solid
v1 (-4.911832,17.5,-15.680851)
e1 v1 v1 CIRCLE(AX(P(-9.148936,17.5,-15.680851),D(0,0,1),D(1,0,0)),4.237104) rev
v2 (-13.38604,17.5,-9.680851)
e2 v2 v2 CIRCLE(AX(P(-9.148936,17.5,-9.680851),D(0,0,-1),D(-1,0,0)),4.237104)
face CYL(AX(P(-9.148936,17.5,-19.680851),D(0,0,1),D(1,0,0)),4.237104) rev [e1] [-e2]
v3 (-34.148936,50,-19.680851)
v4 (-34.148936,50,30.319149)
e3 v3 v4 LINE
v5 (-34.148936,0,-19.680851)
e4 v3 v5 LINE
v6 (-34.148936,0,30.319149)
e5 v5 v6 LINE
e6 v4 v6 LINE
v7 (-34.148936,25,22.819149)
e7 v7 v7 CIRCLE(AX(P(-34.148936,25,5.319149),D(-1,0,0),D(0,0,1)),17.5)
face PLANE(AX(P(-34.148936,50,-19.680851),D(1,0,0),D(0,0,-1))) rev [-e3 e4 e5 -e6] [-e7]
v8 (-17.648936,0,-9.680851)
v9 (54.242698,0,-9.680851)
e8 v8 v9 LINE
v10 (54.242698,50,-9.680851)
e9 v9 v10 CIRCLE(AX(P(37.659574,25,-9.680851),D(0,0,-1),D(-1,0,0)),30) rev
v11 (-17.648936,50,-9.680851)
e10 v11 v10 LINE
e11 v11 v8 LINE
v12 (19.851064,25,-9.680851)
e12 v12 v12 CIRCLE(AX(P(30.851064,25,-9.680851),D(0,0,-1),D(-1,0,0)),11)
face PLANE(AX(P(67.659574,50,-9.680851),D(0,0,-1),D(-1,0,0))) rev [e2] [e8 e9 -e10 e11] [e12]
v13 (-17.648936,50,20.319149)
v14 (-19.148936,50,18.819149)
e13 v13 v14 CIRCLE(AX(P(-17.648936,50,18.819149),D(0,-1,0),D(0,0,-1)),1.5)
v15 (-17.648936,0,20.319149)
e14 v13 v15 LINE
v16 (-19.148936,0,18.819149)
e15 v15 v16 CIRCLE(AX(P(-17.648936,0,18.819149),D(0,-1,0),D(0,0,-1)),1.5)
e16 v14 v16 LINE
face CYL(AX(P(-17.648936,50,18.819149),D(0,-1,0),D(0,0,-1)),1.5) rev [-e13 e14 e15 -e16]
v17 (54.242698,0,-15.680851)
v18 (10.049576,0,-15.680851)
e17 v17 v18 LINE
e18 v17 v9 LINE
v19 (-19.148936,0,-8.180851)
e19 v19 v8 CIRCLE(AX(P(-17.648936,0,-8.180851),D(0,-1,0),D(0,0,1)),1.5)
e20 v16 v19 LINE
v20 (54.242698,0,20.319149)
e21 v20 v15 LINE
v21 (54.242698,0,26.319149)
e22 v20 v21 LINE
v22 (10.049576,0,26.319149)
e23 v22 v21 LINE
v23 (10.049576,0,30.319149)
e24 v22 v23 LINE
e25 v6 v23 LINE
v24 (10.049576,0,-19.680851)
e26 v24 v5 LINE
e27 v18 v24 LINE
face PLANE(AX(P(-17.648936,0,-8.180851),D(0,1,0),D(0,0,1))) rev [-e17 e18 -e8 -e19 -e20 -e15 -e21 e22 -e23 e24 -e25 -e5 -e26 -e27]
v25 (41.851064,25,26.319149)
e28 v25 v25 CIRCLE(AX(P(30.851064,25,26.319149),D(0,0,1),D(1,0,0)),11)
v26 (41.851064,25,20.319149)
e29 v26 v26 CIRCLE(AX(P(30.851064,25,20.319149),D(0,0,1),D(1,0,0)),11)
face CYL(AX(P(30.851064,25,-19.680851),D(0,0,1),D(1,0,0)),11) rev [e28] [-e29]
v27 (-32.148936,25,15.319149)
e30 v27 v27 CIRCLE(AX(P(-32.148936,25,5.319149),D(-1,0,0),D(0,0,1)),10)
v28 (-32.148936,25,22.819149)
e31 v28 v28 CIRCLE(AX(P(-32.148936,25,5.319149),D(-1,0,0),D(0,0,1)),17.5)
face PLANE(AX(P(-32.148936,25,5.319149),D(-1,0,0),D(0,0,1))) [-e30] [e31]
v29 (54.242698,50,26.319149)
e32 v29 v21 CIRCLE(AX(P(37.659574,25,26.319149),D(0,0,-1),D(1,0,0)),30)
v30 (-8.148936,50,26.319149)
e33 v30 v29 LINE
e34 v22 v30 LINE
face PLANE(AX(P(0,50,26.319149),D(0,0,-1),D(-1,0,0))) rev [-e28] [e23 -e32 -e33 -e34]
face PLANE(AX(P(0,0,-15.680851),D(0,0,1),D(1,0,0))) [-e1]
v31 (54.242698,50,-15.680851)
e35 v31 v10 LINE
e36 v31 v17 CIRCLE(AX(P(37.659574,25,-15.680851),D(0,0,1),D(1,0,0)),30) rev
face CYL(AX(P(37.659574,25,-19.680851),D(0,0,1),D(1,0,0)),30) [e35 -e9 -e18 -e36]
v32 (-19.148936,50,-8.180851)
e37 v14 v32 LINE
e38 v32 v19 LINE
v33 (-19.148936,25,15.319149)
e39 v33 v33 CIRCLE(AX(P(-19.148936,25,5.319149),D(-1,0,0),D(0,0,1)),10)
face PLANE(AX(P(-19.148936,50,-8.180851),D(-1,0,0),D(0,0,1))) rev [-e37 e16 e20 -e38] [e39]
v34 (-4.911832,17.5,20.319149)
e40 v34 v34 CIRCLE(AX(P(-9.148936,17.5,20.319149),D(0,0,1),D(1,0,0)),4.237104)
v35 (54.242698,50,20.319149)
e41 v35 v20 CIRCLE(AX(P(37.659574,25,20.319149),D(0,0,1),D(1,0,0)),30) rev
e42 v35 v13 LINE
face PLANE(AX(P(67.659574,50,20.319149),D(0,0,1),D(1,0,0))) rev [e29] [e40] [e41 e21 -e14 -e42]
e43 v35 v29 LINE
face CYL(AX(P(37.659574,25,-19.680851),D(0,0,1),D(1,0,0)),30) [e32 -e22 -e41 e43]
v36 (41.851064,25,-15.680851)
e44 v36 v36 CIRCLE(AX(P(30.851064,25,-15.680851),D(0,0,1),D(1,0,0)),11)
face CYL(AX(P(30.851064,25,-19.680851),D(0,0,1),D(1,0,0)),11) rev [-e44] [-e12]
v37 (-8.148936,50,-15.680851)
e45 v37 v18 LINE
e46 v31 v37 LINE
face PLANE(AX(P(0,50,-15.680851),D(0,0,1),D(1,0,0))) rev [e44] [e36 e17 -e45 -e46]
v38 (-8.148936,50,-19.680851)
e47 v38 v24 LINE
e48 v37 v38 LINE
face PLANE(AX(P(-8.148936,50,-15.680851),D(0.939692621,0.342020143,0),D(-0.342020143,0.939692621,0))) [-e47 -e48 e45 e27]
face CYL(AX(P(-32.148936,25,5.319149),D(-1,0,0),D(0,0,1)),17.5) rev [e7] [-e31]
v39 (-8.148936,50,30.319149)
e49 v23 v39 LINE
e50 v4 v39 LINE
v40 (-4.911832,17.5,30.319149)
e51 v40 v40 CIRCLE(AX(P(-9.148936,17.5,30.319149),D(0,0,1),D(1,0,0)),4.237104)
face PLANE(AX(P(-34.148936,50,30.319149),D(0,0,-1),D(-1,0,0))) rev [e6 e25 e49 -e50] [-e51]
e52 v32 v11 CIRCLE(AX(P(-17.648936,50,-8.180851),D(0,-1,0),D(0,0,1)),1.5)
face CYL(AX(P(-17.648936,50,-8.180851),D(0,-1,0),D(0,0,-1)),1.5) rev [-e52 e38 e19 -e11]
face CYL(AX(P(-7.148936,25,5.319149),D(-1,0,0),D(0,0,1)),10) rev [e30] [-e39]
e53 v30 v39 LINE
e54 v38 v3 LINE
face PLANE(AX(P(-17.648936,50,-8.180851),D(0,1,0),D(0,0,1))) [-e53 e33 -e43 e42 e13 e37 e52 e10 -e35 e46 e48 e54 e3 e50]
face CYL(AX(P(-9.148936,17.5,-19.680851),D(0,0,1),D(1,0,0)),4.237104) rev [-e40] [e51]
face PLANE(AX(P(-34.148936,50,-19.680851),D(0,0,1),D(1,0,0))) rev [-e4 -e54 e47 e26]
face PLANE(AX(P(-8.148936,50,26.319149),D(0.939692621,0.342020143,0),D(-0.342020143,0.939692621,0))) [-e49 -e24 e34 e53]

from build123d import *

# Parameters (mm, degrees)
SALIENTE_EXTRUIR1_DEPTH = 50
CROQUIS3_R              = 17.5
CORTAR_EXTRUIR1_DEPTH   = 2
CROQUIS4_R              = 10
CORTAR_EXTRUIR2_DEPTH   = 25
CROQUIS5_R              = 11
CORTAR_EXTRUIR3_DEPTH   = 96.884399238
CORTAR_EXTRUIR4_DEPTH   = 96.884399238
CROQUIS7_R              = 2.5
SALIENTE_EXTRUIR6_DEPTH = 4
CORTAR_EXTRUIR6_DEPTH   = 4
CROQUIS10_R             = 4.23710426
CORTAR_EXTRUIR7_DEPTH   = 98.86632729
SALIENTE_EXTRUIR8_DEPTH = 4
CORTAR_EXTRUIR10_DEPTH  = 4


with BuildPart() as part:
    # Croquis2 → Saliente-Extruir1 (new body)
    with BuildSketch(Plane(origin=(0, 0, 0), x_dir=(1, 0, 0), z_dir=(0, 1, 0))):
        with BuildLine():
            Line((-34.14893617, 19.680851064), (-34.14893617, -30.319148936))
            Line((-34.14893617, -30.319148936), (0, -30.319148936))
            Line((0, -30.319148936), (0, -26.319148936))
            Line((0, -26.319148936), (67.659574468, -26.319148936))
            Line((67.659574468, -26.319148936), (67.659574468, -20.319148936))
            Line((67.659574468, -20.319148936), (-17.64893617, -20.319148936))
            ThreePointArc((-17.64893617, -20.319148936), (-18.709596342, -19.879809108), (-19.14893617, -18.819148936))
            Line((-19.14893617, -18.819148936), (-19.14893617, 8.180851064))
            ThreePointArc((-19.14893617, 8.180851064), (-18.709596342, 9.241511236), (-17.64893617, 9.680851064))
            Line((-17.64893617, 9.680851064), (67.659574468, 9.680851064))
            Line((67.659574468, 9.680851064), (67.659574468, 15.680851064))
            Line((67.659574468, 15.680851064), (0, 15.680851064))
            Line((0, 15.680851064), (0, 19.680851064))
            Line((0, 19.680851064), (-34.14893617, 19.680851064))
        make_face()
    extrude(amount=SALIENTE_EXTRUIR1_DEPTH)

    # Croquis3 → Cortar-Extruir1 (cut)
    with BuildSketch(Plane.ZY.offset(34.14893617)):
        with Locations((5.319148936, 25)):
            Circle(CROQUIS3_R)
    extrude(amount=-CORTAR_EXTRUIR1_DEPTH, mode=Mode.SUBTRACT)

    # Croquis4 → Cortar-Extruir2 (cut)
    with BuildSketch(Plane.ZY.offset(32.14893617)):
        with Locations((5.319148936, 25)):
            Circle(CROQUIS4_R)
    extrude(amount=-CORTAR_EXTRUIR2_DEPTH, mode=Mode.SUBTRACT)

    # Croquis5 → Cortar-Extruir3 (cut, through all)
    with BuildSketch(Plane.XY.offset(26.319148936)):
        with Locations((30.85106383, 25)):
            Circle(CROQUIS5_R)
    extrude(amount=-CORTAR_EXTRUIR3_DEPTH, mode=Mode.SUBTRACT)

    # Croquis6 → Cortar-Extruir4 (cut, through all)
    with BuildSketch(Plane.XY.offset(26.319148936)):
        with BuildLine():
            Line((75.592825188, 50), (75.592825188, 0))
            Line((75.592825188, 0), (54.24269842, 0))
            ThreePointArc((54.24269842, 0), (67.659574468, 25), (54.24269842, 50))
            Line((54.24269842, 50), (75.592825188, 50))
        make_face()
    extrude(amount=-CORTAR_EXTRUIR4_DEPTH, mode=Mode.SUBTRACT)

    # Croquis7 → Saliente-Extruir6 (add)
    with BuildSketch(Plane.XY.offset(30.319148936)):
        Polygon((-34.14893617, 50), (-8.14893617, 50), (10.049575543, 0), (-34.14893617, 0), align=None)
        with Locations((-9.14893617, 17.5)):
            Circle(CROQUIS7_R, mode=Mode.SUBTRACT)
    extrude(amount=-SALIENTE_EXTRUIR6_DEPTH)

    # Croquis8 → Cortar-Extruir6 (cut)
    with BuildSketch(Plane.XY.offset(30.319148936)):
        Polygon((0, 27.61098188), (-8.14893617, 50), (0, 50), align=None)
    extrude(amount=-CORTAR_EXTRUIR6_DEPTH, mode=Mode.SUBTRACT)

    # Croquis10 → Cortar-Extruir7 (cut, through all)
    with BuildSketch(Plane.XY.offset(30.319148936)):
        with Locations((-9.14893617, 17.5)):
            Circle(CROQUIS10_R)
    extrude(amount=-CORTAR_EXTRUIR7_DEPTH, mode=Mode.SUBTRACT)

    # Croquis11 → Saliente-Extruir8 (add)
    with BuildSketch(Plane(origin=(0, 0, -19.680851064), x_dir=(-1, 0, 0), z_dir=(0, 0, -1))):
        Polygon((8.14893617, 50), (-10.049575543, 0), (19.14893617, 0), (19.14893617, 50), align=None)
    extrude(amount=-SALIENTE_EXTRUIR8_DEPTH)

    # Croquis13 → Cortar-Extruir10 (cut)
    with BuildSketch(Plane(origin=(0, 0, -19.680851064), x_dir=(-1, 0, 0), z_dir=(0, 0, -1))):
        Polygon((0, 50), (0, 27.61098188), (8.14893617, 50), align=None)
    extrude(amount=-CORTAR_EXTRUIR10_DEPTH, mode=Mode.SUBTRACT)


solid = part.part
